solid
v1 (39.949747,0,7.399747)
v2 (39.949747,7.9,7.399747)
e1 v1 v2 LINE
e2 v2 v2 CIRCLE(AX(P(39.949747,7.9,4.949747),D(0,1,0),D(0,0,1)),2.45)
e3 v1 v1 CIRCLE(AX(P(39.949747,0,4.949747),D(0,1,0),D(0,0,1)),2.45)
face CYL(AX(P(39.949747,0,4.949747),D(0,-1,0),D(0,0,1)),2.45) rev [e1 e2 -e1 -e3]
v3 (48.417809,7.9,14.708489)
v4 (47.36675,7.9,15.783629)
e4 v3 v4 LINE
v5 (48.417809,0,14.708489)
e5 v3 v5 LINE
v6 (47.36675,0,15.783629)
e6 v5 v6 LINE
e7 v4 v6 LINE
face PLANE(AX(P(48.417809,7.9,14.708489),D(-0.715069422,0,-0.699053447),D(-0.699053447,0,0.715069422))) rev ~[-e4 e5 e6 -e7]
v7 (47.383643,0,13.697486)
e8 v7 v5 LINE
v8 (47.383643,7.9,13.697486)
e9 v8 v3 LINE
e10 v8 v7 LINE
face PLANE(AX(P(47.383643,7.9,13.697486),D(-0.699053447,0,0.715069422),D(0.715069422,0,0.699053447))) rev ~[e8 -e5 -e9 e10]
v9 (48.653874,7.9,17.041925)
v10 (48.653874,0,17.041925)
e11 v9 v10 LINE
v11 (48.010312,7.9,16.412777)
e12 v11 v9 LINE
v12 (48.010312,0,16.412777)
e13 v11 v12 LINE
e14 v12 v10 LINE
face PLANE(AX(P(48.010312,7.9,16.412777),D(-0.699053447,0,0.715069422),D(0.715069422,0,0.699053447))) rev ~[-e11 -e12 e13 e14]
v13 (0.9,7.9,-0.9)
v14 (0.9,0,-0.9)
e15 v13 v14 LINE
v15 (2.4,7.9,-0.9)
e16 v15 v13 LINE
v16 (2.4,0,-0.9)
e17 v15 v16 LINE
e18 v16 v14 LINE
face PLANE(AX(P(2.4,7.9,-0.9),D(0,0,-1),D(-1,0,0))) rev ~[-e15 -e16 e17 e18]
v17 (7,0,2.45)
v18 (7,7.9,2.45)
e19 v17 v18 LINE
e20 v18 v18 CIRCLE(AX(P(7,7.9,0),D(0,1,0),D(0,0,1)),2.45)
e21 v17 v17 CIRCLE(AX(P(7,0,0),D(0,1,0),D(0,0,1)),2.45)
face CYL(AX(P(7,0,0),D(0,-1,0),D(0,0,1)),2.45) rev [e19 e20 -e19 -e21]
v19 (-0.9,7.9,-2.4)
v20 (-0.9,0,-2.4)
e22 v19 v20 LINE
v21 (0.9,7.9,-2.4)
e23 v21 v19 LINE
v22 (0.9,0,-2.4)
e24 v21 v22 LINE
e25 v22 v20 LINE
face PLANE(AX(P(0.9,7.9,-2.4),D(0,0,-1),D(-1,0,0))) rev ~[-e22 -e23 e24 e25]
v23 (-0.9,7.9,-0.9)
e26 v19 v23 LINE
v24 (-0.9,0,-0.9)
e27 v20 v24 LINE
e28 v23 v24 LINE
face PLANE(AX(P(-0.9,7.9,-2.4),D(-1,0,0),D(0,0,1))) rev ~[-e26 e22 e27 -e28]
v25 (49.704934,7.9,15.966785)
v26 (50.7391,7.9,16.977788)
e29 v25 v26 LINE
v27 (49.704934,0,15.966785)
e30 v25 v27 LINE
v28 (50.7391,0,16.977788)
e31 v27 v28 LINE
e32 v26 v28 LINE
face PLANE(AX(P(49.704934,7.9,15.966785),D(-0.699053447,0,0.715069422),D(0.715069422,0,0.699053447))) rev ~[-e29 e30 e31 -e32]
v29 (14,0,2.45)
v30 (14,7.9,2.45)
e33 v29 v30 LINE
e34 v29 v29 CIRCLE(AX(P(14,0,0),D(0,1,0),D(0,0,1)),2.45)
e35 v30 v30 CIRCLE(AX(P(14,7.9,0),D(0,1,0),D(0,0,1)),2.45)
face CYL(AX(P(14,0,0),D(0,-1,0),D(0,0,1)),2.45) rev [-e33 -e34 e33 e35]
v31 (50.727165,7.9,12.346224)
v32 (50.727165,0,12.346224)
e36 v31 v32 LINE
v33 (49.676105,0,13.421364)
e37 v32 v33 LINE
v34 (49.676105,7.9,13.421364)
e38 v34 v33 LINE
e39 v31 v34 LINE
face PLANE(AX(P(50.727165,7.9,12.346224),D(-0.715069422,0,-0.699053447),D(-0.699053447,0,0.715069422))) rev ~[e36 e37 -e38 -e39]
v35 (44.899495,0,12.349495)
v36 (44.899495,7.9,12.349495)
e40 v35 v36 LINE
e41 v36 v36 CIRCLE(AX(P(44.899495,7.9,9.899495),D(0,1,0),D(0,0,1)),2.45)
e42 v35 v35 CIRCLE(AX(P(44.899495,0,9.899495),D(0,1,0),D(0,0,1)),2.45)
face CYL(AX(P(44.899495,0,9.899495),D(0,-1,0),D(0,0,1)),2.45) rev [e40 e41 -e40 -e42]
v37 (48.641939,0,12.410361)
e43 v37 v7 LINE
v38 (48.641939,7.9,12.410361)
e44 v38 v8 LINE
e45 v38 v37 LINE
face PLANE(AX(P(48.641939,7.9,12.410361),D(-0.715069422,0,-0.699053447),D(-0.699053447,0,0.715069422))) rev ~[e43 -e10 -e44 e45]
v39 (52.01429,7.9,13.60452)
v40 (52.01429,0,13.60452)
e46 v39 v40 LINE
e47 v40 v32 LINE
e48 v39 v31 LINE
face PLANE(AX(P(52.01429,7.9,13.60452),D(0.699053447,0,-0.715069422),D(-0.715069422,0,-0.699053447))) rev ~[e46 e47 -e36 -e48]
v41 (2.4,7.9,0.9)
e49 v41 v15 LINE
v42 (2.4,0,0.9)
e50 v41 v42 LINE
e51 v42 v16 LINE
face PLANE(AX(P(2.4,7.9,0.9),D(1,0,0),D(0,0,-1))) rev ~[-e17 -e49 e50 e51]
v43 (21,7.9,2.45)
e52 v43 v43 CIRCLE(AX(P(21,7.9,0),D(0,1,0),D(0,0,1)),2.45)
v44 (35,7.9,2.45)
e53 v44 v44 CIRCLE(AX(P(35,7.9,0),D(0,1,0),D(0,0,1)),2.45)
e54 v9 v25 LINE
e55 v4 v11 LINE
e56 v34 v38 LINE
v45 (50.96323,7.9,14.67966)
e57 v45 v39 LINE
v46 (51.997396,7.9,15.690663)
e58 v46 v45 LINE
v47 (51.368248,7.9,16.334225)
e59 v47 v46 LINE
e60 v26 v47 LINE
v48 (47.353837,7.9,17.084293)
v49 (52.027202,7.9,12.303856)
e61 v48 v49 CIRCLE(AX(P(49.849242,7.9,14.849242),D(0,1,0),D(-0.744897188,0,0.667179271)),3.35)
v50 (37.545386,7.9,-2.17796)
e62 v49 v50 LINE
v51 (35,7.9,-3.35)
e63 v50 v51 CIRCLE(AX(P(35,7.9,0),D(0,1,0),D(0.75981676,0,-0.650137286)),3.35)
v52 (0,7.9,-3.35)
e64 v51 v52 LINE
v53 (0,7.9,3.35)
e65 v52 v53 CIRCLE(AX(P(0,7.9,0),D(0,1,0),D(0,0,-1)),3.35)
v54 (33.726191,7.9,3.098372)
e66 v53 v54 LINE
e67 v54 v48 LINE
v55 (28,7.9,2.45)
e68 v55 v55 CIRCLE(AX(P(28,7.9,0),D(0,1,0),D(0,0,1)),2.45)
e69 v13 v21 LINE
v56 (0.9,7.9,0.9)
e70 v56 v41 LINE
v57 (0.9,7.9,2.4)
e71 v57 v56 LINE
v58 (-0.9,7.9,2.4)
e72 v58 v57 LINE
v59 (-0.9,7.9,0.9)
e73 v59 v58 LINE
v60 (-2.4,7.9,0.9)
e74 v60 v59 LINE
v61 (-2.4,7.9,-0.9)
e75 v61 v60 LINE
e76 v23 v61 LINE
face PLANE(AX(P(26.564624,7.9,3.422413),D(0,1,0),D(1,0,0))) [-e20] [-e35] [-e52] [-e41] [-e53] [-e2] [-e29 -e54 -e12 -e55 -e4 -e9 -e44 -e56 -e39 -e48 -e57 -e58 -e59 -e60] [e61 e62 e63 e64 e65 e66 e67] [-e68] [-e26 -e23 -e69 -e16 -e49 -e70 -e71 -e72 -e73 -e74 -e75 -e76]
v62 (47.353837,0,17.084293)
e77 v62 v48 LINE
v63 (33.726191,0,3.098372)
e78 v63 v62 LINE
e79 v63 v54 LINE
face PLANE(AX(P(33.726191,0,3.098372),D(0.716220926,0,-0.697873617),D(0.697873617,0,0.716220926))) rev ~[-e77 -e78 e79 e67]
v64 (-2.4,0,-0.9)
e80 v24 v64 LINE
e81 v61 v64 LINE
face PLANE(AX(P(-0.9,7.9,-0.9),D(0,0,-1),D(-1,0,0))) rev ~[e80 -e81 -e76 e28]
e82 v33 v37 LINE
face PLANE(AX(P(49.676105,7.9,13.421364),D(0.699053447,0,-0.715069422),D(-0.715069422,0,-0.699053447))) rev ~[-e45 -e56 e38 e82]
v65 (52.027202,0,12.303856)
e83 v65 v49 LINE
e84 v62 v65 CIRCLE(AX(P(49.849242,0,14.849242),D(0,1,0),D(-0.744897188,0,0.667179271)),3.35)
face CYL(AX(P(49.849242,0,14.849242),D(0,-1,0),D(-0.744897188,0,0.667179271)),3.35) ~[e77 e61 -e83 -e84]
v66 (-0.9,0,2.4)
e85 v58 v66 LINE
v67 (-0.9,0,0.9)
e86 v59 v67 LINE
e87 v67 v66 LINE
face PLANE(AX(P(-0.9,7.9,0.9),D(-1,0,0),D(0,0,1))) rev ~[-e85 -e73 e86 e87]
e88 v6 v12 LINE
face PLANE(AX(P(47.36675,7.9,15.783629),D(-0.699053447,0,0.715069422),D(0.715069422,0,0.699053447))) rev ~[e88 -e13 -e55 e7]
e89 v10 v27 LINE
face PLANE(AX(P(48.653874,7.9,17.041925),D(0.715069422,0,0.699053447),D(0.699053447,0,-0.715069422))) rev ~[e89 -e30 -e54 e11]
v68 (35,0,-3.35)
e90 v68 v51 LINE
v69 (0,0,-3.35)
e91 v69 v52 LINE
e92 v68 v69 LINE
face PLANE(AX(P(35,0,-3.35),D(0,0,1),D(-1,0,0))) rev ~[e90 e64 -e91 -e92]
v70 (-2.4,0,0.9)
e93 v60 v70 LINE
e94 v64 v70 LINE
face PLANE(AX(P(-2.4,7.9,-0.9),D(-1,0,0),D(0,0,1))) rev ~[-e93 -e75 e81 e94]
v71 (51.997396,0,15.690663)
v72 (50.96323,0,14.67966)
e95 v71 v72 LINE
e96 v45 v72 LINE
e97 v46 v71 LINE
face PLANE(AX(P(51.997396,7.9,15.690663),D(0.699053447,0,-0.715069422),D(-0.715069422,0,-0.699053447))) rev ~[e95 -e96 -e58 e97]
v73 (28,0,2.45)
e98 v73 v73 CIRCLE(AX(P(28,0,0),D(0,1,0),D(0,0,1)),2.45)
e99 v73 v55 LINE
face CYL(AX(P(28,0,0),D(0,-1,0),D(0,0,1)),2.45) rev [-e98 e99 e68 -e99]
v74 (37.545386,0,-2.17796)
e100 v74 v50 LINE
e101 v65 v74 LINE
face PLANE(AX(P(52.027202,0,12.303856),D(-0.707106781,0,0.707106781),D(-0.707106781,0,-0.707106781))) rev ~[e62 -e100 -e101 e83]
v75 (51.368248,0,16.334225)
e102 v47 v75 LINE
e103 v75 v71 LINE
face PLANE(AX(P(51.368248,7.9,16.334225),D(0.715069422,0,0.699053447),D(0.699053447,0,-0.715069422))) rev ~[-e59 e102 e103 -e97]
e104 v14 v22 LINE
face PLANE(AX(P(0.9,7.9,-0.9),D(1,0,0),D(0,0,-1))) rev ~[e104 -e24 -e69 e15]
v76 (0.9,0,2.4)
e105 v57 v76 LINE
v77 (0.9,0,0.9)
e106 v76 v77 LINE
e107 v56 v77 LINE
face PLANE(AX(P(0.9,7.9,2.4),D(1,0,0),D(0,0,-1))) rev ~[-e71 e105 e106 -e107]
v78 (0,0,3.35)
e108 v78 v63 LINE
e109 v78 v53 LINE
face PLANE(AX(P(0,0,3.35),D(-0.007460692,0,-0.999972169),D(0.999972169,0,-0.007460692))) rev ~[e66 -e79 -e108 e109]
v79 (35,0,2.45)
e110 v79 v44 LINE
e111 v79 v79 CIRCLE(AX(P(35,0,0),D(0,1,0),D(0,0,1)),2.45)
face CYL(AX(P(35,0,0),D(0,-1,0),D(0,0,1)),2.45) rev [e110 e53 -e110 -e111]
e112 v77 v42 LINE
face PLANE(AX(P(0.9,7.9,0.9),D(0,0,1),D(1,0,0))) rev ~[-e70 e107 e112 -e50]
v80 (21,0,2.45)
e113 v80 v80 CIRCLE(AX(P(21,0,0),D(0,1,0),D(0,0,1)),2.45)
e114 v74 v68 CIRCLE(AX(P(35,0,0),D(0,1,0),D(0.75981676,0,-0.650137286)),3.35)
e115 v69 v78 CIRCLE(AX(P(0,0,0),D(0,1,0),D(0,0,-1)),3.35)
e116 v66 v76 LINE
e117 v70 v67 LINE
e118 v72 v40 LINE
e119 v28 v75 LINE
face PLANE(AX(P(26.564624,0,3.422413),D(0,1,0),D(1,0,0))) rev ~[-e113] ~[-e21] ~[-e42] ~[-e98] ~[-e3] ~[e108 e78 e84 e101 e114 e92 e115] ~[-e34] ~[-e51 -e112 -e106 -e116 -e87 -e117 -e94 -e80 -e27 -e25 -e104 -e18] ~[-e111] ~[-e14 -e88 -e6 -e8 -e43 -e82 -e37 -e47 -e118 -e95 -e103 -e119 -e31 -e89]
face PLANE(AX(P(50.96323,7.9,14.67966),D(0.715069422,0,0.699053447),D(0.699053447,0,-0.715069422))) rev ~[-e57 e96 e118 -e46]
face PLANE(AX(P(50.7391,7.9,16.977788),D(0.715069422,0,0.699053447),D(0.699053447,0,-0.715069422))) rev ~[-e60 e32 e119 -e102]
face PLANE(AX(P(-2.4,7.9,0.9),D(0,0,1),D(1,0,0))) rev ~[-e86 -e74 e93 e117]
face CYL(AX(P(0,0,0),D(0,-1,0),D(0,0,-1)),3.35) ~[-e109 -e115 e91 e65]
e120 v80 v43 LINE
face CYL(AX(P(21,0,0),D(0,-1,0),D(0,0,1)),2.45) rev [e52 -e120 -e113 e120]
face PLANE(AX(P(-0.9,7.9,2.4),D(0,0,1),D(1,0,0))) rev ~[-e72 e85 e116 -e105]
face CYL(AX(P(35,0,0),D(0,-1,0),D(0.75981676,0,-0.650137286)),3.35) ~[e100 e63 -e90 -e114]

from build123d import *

# Parameters (mm, degrees)
SKETCH1_R           = 2.45
BOSS_EXTRUDE2_DEPTH = 7.9
CUT_EXTRUDE1_DEPTH  = 7.9
CUT_EXTRUDE2_DEPTH  = 7.9


with BuildPart() as part:
    # Sketch1 → Boss-Extrude2 (new body)
    with BuildSketch(Plane(origin=(0, 0, 0), x_dir=(1, 0, 0), z_dir=(0, 1, 0))):
        with BuildLine():
            Line((52.027202313, -12.303856257), (37.545386148, 2.177959908))
            ThreePointArc((37.545386148, 2.177959908), (36.40113067, 3.042915189), (35, 3.35))
            Line((35, 3.35), (0, 3.35))
            ThreePointArc((0, 3.35), (-3.35, 0), (0, -3.35))
            Line((0, -3.35), (33.72619107, -3.098372284))
            Line((33.72619107, -3.098372284), (47.353836826, -17.084292963))
            ThreePointArc((47.353836826, -17.084292963), (52.244724969, -17.191071452), (52.027202313, -12.303856257))
        make_face()
        with Locations(Location((44.899494937, -9.899494937, 0), (0, 0, 270))):
            Circle(SKETCH1_R, mode=Mode.SUBTRACT)
        with Locations(Location((39.949747468, -4.949747468, 0), (0, 0, 270))):
            Circle(SKETCH1_R, mode=Mode.SUBTRACT)
        with Locations(Location((7, 0, 0), (0, 0, 270))):
            Circle(SKETCH1_R, mode=Mode.SUBTRACT)
        with Locations(Location((14, 0, 0), (0, 0, 270))):
            Circle(SKETCH1_R, mode=Mode.SUBTRACT)
        with Locations(Location((21, 0, 0), (0, 0, 270))):
            Circle(SKETCH1_R, mode=Mode.SUBTRACT)
        with Locations(Location((35, 0, 0), (0, 0, 270))):
            Circle(SKETCH1_R, mode=Mode.SUBTRACT)
        with Locations(Location((28, 0, 0), (0, 0, 270))):
            Circle(SKETCH1_R, mode=Mode.SUBTRACT)
    extrude(amount=BOSS_EXTRUDE2_DEPTH)

    # Sketch2 → Cut-Extrude1 (cut)
    with BuildSketch(Plane(origin=(0, 7.9, 0), x_dir=(1, 0, 0), z_dir=(0, 1, 0))):
        Polygon((0, 2.4), (0, 0), (0, -2.4), (0.9, -2.4), (0.9, -0.9), (2.4, -0.9), (2.4, 0.9), (0.9, 0.9), (0.9, 2.4), align=None)
        Polygon((-2.4, 0), (0, 0), (0, 2.4), (-0.9, 2.4), (-0.9, 0.9), (-2.4, 0.9), align=None)
        Polygon((0, -2.4), (0, 0), (-2.4, 0), (-2.4, -0.9), (-0.9, -0.9), (-0.9, -2.4), align=None)
    extrude(amount=-CUT_EXTRUDE1_DEPTH, mode=Mode.SUBTRACT)

    # Sketch3 → Cut-Extrude2 (cut)
    with BuildSketch(Plane(origin=(0, 7.9, 0), x_dir=(1, 0, 0), z_dir=(0, 1, 0))):
        Polygon((49.704933947, -15.966785192), (49.061371467, -15.33763709), (48.010311985, -16.412777338), (48.653874465, -17.041925441), align=None)
        Polygon((48.010311985, -16.412777338), (49.061371467, -15.33763709), (48.417808987, -14.708488988), (47.366749505, -15.783629236), align=None)
        Polygon((49.061371467, -15.33763709), (49.690519569, -14.69407461), (49.04695709, -14.064926508), (48.417808987, -14.708488988), align=None)
        Polygon((50.334082049, -15.323222713), (49.690519569, -14.69407461), (49.061371467, -15.33763709), (49.704933947, -15.966785192), align=None)
        Polygon((51.368247842, -16.334225476), (50.334082049, -15.323222713), (49.704933947, -15.966785192), (50.73909974, -16.977787956), align=None)
        Polygon((51.997395944, -15.690662997), (50.963230152, -14.679660233), (50.334082049, -15.323222713), (51.368247842, -16.334225476), align=None)
        Polygon((50.963230152, -14.679660233), (50.319667672, -14.05051213), (49.690519569, -14.69407461), (50.334082049, -15.323222713), align=None)
        Polygon((52.014289634, -13.604519984), (51.370727154, -12.975371882), (50.319667672, -14.05051213), (50.963230152, -14.679660233), align=None)
        Polygon((50.319667672, -14.05051213), (51.370727154, -12.975371882), (50.727164674, -12.34622378), (49.676105192, -13.421364028), align=None)
        Polygon((49.690519569, -14.69407461), (50.319667672, -14.05051213), (49.676105192, -13.421364028), (49.04695709, -14.064926508), align=None)
        Polygon((49.04695709, -14.064926508), (49.676105192, -13.421364028), (48.641939399, -12.410361264), (48.012791297, -13.053923744), align=None)
        Polygon((48.417808987, -14.708488988), (49.04695709, -14.064926508), (48.012791297, -13.053923744), (47.383643195, -13.697486224), align=None)
    extrude(amount=-CUT_EXTRUDE2_DEPTH, mode=Mode.SUBTRACT)


solid = part.part
